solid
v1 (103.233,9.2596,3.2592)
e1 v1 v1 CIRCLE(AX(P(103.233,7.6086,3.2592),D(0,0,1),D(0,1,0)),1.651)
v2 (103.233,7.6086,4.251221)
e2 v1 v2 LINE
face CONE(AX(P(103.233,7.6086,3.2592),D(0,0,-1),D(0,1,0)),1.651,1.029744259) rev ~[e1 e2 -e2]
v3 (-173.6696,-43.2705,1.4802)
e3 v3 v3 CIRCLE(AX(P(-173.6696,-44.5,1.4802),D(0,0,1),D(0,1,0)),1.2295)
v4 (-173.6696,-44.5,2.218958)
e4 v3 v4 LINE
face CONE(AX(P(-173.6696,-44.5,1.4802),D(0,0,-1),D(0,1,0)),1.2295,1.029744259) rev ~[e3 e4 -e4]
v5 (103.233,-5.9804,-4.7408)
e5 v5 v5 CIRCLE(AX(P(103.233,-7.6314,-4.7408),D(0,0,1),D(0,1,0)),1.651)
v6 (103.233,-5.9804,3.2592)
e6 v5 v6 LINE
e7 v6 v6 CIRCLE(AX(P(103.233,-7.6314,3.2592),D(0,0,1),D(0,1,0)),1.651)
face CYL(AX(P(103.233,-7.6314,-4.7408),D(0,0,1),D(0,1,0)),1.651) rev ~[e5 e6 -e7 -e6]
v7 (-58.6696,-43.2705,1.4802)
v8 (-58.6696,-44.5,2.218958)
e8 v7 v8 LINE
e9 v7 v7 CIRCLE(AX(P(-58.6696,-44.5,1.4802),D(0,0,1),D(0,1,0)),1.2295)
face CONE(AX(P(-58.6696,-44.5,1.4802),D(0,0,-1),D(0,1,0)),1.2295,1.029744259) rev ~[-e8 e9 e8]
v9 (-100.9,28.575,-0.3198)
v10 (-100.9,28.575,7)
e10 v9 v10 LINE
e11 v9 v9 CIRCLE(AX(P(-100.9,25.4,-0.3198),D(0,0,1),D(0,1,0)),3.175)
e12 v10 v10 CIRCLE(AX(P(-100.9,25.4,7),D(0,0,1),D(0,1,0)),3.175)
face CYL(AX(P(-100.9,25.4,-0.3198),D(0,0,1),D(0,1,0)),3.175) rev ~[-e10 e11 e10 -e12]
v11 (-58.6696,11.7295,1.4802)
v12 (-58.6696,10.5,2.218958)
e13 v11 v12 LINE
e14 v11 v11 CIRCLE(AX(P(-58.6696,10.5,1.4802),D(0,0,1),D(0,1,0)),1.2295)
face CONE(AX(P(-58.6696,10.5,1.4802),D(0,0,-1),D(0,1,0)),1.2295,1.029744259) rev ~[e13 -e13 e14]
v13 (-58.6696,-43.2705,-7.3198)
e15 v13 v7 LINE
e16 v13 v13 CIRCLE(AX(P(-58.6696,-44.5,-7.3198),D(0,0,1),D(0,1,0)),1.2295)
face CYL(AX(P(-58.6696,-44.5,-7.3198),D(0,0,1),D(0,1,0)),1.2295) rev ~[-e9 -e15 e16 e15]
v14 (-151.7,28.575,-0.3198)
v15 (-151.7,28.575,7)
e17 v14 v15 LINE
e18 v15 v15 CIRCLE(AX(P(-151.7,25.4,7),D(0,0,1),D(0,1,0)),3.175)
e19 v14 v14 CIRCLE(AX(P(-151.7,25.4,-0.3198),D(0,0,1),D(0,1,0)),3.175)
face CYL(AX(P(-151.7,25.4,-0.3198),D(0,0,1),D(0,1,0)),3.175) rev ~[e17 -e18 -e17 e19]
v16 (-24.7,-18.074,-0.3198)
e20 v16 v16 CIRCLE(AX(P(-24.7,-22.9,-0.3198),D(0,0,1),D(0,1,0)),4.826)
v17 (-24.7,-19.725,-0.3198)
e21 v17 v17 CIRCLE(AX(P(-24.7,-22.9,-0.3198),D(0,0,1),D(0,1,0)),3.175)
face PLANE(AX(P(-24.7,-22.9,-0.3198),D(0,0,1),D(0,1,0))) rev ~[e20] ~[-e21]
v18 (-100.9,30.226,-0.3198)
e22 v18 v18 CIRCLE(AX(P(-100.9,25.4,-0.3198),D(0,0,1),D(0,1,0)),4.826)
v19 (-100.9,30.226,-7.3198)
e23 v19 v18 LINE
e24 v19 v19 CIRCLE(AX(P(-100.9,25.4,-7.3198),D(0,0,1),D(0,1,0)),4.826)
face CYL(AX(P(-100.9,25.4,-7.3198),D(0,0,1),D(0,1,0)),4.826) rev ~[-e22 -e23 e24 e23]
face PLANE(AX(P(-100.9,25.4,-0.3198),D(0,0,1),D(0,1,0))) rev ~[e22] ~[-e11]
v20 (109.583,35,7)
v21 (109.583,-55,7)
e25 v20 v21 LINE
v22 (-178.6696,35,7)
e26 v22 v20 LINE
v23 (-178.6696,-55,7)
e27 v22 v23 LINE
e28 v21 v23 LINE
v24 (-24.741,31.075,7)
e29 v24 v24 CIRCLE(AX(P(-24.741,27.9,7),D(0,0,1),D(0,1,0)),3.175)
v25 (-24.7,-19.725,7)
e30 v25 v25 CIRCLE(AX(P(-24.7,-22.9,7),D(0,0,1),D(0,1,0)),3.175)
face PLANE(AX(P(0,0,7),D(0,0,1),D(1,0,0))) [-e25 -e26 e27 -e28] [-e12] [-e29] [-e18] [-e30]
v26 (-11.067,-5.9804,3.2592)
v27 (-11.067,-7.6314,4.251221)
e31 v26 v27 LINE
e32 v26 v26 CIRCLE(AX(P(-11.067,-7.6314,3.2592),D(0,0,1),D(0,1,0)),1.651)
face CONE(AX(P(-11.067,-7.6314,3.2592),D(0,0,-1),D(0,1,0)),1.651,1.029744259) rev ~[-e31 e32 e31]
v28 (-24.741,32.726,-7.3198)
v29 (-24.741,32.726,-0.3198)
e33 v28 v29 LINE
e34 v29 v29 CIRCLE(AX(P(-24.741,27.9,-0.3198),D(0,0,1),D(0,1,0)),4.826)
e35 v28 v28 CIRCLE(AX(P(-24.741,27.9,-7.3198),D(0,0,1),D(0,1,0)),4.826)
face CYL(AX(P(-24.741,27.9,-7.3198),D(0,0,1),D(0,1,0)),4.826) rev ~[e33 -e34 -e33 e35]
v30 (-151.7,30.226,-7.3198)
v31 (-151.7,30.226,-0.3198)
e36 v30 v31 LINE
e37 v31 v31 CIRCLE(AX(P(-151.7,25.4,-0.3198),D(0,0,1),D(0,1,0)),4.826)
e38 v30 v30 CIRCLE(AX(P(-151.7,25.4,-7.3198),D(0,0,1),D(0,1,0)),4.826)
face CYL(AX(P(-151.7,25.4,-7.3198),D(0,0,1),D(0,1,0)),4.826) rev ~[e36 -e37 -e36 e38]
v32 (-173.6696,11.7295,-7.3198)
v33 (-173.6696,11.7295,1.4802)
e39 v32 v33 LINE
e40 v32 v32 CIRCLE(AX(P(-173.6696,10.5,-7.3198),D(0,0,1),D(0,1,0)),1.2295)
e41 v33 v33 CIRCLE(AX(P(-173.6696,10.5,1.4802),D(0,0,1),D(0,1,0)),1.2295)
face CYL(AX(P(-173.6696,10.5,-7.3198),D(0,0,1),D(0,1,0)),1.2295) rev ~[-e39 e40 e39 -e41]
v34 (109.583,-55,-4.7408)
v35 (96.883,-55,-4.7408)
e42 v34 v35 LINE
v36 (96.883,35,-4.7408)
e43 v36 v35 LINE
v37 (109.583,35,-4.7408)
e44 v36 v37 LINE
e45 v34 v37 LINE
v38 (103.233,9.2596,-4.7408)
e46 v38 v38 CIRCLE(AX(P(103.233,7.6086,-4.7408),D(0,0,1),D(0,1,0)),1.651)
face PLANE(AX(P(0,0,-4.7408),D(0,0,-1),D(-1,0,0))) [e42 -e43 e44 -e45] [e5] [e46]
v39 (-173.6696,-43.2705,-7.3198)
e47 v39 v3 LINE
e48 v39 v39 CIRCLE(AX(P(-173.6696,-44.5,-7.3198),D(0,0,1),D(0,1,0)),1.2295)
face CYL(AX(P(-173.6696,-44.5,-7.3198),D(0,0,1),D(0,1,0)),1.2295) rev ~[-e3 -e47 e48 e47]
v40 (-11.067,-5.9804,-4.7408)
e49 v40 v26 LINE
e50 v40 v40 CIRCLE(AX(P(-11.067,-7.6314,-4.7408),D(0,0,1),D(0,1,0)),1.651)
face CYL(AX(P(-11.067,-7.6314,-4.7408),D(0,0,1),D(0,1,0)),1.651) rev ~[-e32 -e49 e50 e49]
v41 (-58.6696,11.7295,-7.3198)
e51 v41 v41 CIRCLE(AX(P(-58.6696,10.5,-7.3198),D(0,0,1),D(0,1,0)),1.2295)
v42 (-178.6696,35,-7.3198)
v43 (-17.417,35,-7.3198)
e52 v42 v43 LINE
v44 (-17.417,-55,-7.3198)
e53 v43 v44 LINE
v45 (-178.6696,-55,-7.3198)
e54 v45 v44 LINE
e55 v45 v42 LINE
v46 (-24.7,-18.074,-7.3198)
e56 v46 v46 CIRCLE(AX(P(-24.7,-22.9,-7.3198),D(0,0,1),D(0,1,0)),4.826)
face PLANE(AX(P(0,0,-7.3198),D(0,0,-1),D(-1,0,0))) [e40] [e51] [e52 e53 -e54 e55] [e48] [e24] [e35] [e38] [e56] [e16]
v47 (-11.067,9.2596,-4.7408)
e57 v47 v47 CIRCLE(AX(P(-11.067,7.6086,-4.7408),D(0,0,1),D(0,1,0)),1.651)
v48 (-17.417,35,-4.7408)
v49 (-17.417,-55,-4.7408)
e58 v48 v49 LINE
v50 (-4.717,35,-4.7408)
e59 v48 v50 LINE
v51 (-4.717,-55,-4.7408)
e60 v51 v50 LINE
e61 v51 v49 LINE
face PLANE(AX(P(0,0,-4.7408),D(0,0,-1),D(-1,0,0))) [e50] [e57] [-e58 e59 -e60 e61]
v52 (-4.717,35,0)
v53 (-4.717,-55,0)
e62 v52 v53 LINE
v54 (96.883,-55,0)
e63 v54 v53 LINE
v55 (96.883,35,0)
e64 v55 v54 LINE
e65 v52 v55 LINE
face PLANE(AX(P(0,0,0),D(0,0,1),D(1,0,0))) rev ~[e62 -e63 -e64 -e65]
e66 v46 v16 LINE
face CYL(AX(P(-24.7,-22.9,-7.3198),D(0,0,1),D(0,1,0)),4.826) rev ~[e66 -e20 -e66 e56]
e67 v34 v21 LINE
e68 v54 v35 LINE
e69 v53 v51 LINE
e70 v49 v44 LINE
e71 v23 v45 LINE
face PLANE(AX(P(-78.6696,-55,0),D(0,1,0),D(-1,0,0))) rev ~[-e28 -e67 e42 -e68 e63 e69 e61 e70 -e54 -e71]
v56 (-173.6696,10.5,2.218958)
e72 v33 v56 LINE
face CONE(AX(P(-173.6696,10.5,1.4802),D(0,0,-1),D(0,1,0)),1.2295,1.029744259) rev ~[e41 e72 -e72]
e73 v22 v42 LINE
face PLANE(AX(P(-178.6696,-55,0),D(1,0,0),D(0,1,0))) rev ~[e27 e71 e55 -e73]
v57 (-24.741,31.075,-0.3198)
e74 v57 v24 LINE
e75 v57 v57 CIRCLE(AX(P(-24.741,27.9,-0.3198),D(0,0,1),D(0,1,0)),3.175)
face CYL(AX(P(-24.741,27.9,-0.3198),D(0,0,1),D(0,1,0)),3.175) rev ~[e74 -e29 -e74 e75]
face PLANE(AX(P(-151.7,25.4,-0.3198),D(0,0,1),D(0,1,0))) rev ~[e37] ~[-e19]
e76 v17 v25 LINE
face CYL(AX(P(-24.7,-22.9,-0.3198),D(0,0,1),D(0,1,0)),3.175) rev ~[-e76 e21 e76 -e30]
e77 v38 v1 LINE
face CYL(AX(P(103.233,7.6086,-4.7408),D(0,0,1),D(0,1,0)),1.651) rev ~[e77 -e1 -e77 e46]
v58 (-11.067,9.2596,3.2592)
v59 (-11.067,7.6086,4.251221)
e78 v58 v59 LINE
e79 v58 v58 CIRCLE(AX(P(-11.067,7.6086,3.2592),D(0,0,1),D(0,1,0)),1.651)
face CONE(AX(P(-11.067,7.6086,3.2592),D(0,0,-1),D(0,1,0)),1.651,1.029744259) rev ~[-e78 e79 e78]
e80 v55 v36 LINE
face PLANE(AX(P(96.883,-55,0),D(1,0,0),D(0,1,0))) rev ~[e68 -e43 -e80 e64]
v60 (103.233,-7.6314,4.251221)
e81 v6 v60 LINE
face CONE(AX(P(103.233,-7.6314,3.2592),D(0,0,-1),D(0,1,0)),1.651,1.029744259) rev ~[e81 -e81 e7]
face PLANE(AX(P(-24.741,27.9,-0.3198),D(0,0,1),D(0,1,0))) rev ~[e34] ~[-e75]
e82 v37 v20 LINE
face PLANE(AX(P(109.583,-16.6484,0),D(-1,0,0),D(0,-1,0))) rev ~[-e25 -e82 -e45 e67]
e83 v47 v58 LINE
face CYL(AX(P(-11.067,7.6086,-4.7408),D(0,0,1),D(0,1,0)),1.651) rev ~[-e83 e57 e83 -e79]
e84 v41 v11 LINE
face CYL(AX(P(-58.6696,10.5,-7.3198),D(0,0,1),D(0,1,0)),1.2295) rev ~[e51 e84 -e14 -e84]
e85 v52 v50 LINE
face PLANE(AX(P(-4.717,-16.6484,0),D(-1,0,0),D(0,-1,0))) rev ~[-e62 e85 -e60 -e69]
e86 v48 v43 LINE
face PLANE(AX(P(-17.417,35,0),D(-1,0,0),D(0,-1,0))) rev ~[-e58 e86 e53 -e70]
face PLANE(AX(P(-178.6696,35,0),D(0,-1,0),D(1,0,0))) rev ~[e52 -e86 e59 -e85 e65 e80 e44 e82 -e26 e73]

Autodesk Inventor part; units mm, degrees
ref_plane "YZ Plane" through (0, 0, 0) normal (1, 0, 0) x (0, 1, 0)
ref_plane "XZ Plane" through (0, 0, 0) normal (0, 1, 0) x (-1, 0, 0)
ref_plane "XY Plane" through (0, 0, 0) normal (0, 0, 1) x (1, 0, 0)
sketch "Sketch1" plane through (0, 0, 0) normal (0, 0, 1) x (1, 0, 0)
  line L0 (-192.5, 35) -> (192.5, 35)
  line L1 (192.5, 35) -> (192.5, -55)
  line L2 (192.5, -55) -> (-192.5, -55)
  line L3 (-192.5, -55) -> (-192.5, 35)
  point P0 (0, 0)
  dimension "d0" = 385
  dimension "d1" = 192.5
  dimension "d2" = 90
  dimension "d3" = 55
extrude "Extrusion1" add sketch "Sketch1" along normal blind 7
sketch "Sketch2" plane through (0, 0, 0) normal (0, 0, -1) x (-1, 0, 0)
  line L0 (192.5, 35) -> (-192.5, 35) projected
  line L1 (-192.5, 35) -> (-192.5, -55) projected
  line L2 (-192.5, -55) -> (192.5, -55) projected
  line L3 (17.417, 16.6256) -> (17.417, -16.6484) projected
  line L4 (-192.5, 16.6256) -> (-192.5, -16.6484) projected
  line L5 (17.417, 35) -> (17.417, -55)
  line L6 (4.717, 16.6256) -> (4.717, -16.6484) projected
  line L7 (-171.164, 18.034) -> (-179.8, 18.034) projected
  line L8 (-179.8, 16.6256) -> (-179.8, -16.6484) projected
  line L9 (-179.8, 35) -> (-179.8, -55)
  line L10 (4.717, 35) -> (4.717, -55)
  point P0 (0, 0)
extrude "Extrusion2" add sketch "Sketch2" along normal blind 4.7408 contours L5 L3 L2 L10 L6 L0 | L9 L8 L2 L1 L0
sketch "Sketch3" plane through (0, 0, 0) normal (0, 0, -1) x (-1, 0, 0)
  line L0 (17.417, 35) -> (17.417, -55) projected
  line L1 (17.417, -55) -> (192.5, -55) projected
  line L2 (63.2414, 16.4628) -> (60.0979, -19.4679) projected
  line L3 (17.417, 35) -> (67.417, 35)
  line L4 (67.417, 35) -> (67.417, -55)
  line L5 (67.417, -55) -> (17.417, -55)
  line L6 (17.417, -55) -> (17.417, 35)
  line L7 (76.6696, -19.4) -> (76.6696, 30.6) projected
  line L8 (17.417, 35) -> (76.6696, 35)
  line L9 (76.6696, -55) -> (17.417, -55)
  line L10 (17.417, -55) -> (17.417, 35)
  circle A0 centre (83.6696, -4.5) radius 1.5 projected
  circle A1 centre (83.6696, 10.5) radius 2 projected
  line L11 (87.4689, -18.5) -> (87.4689, -24.5) projected
  line L12 (88.6696, -24.5) -> (87.4689, -24.5) projected
  line L13 (88.6696, 15.5) -> (88.6696, -24.5) projected
  line L14 (78.6696, 15.5) -> (88.6696, 15.5) projected
  line L15 (78.6696, -15.5) -> (78.6696, 15.5) projected
  line L16 (78.6696, -15.5) -> (84.4689, -15.5) projected
  arc A2 (87.4689, -18.5) -> (84.4689, -15.5) centre (84.4689, -18.5) ccw projected
  line L17 (67.417, 35) -> (78.6696, 35)
  line L18 (78.6696, 35) -> (78.6696, -55)
  line L19 (78.6696, -55) -> (67.417, -55)
  line L20 (67.417, -55) -> (67.417, 35)
  point P0 (0, 0)
  dimension "d8" = 50
  dimension "d11" = 0
extrude "Extrusion3" add sketch "Sketch3" along normal blind 7.3198 contours L3 L4 L1 L0 | L8 L17 L18 L15 L1 L4
sketch "Sketch6" plane through (-192.5, -55, 7) normal (-1, 0, 0) x (0, 0, 1)
  line L0 (-23, 0) -> (-23, 65) projected
  circle A0 centre (-28, 23.1) radius 1.2295 projected
  circle A1 centre (-28, 53.1) radius 1.2295 projected
  point P0 (-7, 55)
hole "Hole1" at (-192.5, -31.9, -21) at (-192.5, -1.9, -21) direction (1, 0, 0) diameter 3 end through all counterbore diameter 5.75 counterbore depth 3
sketch "Sketch8" plane through (0, 0, 7) normal (0, 0, 1) x (1, 0, 0)
  circle A0 centre (-57.2416, -1.1152) radius 2.0828 projected
  circle A1 centre (-33.7068, 0.9439) radius 2.0828 projected
  point P0 (0, 0)
hole "Hole3" [suppressed]
sketch "Sketch9" plane through (0, 0, -4.7408) normal (0, 0, -1) x (-1, 0, 0)
  circle A0 centre (11.067, -7.6314) radius 2.1844 projected
  circle A1 centre (11.067, 7.6086) radius 2.1844 projected
  circle A2 centre (-186.15, -7.6314) radius 2.1844 projected
  circle A3 centre (-186.15, 7.6086) radius 2.1844 projected
  point P0 (0, 0)
hole "Hole4" at (-11.067, -7.6314, -4.7408) at (-11.067, 7.6086, -4.7408) at (186.15, -7.6314, -4.7408) at (186.15, 7.6086, -4.7408) direction (0, 0, 1) diameter 3.302 depth 8 tip angle 118 thread size "8-32 UNC" class "2B" standard "ANSI Unified Screw Threads"
sketch "Sketch10" plane through (0, 0, 0) normal (0, 0, -1) x (-1, 0, 0)
  line L0 (192.5, 35) -> (78.6696, 35) projected
  line L1 (178.6696, 15.5) -> (178.6696, -24.5) projected
  line L2 (178.6696, 35) -> (192.5, 35)
  line L3 (192.5, 35) -> (192.5, -55)
  line L4 (192.5, -55) -> (178.6696, -55)
  line L5 (178.6696, -55) -> (178.6696, 35)
  point P0 (0, 0)
extrude "Extrusion6" cut sketch "Sketch10" against normal blind 10
sketch "Sketch11" plane through (0, 0, 0) normal (0, 0, -1) x (-1, 0, 0)
  line L0 (178.6696, -55) -> (178.6696, 35) projected
  line L1 (178.6696, 35) -> (78.6696, 35) projected
  line L2 (78.6696, 35) -> (78.6696, -55) projected
  line L3 (78.6696, -55) -> (178.6696, -55) projected
  point P0 (0, 0)
extrude "Extrusion7" add sketch "Sketch11" along normal blind 7.3198
sketch "Sketch12" plane through (0, 0, -7.3198) normal (0, 0, -1) x (-1, 0, 0)
  circle A0 centre (173.6696, 10.5) radius 2 projected
  line L0 (78.6696, 15.5) -> (178.6696, 15.5) projected
  line L1 (178.6696, 15.5) -> (178.6696, -24.5) projected
  line L2 (178.6696, -24.5) -> (78.6696, -24.5) projected
  line L3 (78.6696, -24.5) -> (78.6696, 15.5) projected
  circle A1 centre (173.6696, -44.5) radius 2.0242
  circle A2 centre (58.6696, 10.5) radius 2.0032
  circle A3 centre (58.6696, -44.5) radius 2.0032
  point P0 (0, 0)
  dimension "d126" = 55
  dimension "d127" = 115
hole "Hole5" at (-173.6696, 10.5, -7.3198) direction (0, 0, 1) diameter 2.459 depth 8.8 tip angle 118 thread size "M3x0.5" class "6H" standard "ANSI Metric M Profile"
sketch "Sketch13" plane through (0, 0, -7.3198) normal (0, 0, -1) x (-1, 0, 0)
  line L0 (171.6696, -6) -> (175.6696, -6) projected
  arc A0 (175.6696, -6) -> (175.6696, -3) centre (175.6696, -4.5) ccw projected
  line L1 (175.6696, -3) -> (171.6696, -3) projected
  arc A1 (171.6696, -3) -> (171.6696, -6) centre (171.6696, -4.5) ccw projected
  circle A2 centre (83.6696, -4.5) radius 1.5 projected
  circle A3 centre (173.6696, 10.5) radius 2 projected
  circle A4 centre (173.6696, -19.5) radius 2 projected
  circle A5 centre (83.6696, 10.5) radius 2 projected
  circle A6 centre (83.6696, -19.5) radius 2 projected
  line L2 (78.6696, 15.5) -> (178.6696, 15.5) projected
  line L3 (178.6696, 15.5) -> (178.6696, -24.5) projected
  line L4 (178.6696, -24.5) -> (78.6696, -24.5) projected
  line L5 (78.6696, -24.5) -> (78.6696, 15.5) projected
  point P0 (0, 0)
  point P1 (173.6696, -4.5)
hole "Hole6" [suppressed]
sketch "Sketch14" plane through (0, 0, -7.3198) normal (0, 0, -1) x (-1, 0, 0)
  circle A0 centre (126.3, 25.4) radius 3.175 projected
  circle A1 centre (151.7, 25.4) radius 3.175 projected
  point P0 (0, 0)
  point P1 (100.9, 25.4)
  dimension "d63" = 50.8
hole "Hole7" at (-151.7, 25.4, -7.3198) at (-100.9, 25.4, -7.3198) direction (0, 0, 1) diameter 6.35 end through all counterbore diameter 9.652 counterbore depth 7
sketch "Sketch15" plane through (0, 0, -7.3198) normal (0, 0, -1) x (-1, 0, 0)
  line L0 (17.417, 35) -> (78.6696, 35) projected
  circle A0 centre (100.9, 25.4) radius 4.826 projected
  point P0 (0, 0)
  point P1 (24.741, 27.9)
  point P2 (24.7, -22.9)
  dimension "d71" = 7.1
  dimension "d72" = 76.2
  dimension "d73" = 76.2
  dimension "d74" = 50.8
hole "Hole8" at (-24.741, 27.9, -7.3198) at (-24.7, -22.9, -7.3198) direction (0, 0, 1) diameter 6.35 end through all counterbore diameter 9.652 counterbore depth 7
sketch "Sketch17" plane through (0, 0, 0) normal (0, 0, -1) x (-1, 0, 0)
  line L0 (-179.8, -55) -> (4.717, -55) projected
  line L1 (4.717, 35) -> (-179.8, 35) projected
  line L2 (-109.583, 16.6256) -> (-109.583, -16.6484) projected
  line L3 (-96.883, 16.6256) -> (-96.883, -16.6484) projected
  line L4 (-96.883, 35) -> (-109.583, 35)
  line L5 (-109.583, 35) -> (-109.583, -55)
  line L6 (-109.583, -55) -> (-96.883, -55)
  line L7 (-96.883, -55) -> (-96.883, 35)
  point P0 (0, 0)
extrude "Extrusion8" add sketch "Sketch17" along normal blind 4.7408
sketch "Sketch18" plane through (0, 0, -4.7408) normal (0, 0, -1) x (-1, 0, 0)
  circle A0 centre (-103.233, -7.6314) radius 2.1844 projected
  circle A1 centre (-103.233, 7.6086) radius 2.1844 projected
  point P0 (0, 0)
hole "Hole10" at (103.233, -7.6314, -4.7408) at (103.233, 7.6086, -4.7408) direction (0, 0, 1) diameter 3.302 depth 8 tip angle 118 thread size "8-32 UNC" class "2B" standard "ANSI Unified Screw Threads"
sketch "Sketch19" plane through (0, 0, -4.7408) normal (0, 0, -1) x (-1, 0, 0)
  line L0 (-192.5, -55) -> (-192.5, 35) projected
  line L1 (-179.8, -55) -> (-109.583, -55) projected
  line L2 (-109.583, 35) -> (-179.8, 35) projected
  line L3 (-109.583, 35) -> (-192.5, 35)
  line L4 (-192.5, 35) -> (-192.5, -55)
  line L5 (-192.5, -55) -> (-109.583, -55)
  line L6 (-109.583, -55) -> (-109.583, 35)
  point P0 (0, 0)
extrude "Extrusion9" cut sketch "Sketch19" against normal blind 25
sketch "Sketch20" plane through (0, 0, 0) normal (0, 0, -1) x (-1, 0, 0)
  circle A0 centre (24.7, -22.9) radius 4.826 projected
  circle A1 centre (24.741, 27.9) radius 4.826 projected
  point P0 (0, 0)
  point P1 (-76.9, -22.9)
  point P2 (-76.859, 27.9)
  dimension "d103" = 101.6
  dimension "d104" = 101.6
hole "Hole11" [suppressed]
hole "Hole12" [suppressed]
hole "Hole13" [suppressed]
hole "Hole14" at (-173.6696, -44.5, -7.3198) direction (0, 0, 1) diameter 2.459 depth 8.8 tip angle 118 thread size "M3x0.5" class "6H" standard "ANSI Metric M Profile"
hole "Hole15" at (-58.6696, 10.5, -7.3198) direction (0, 0, 1) diameter 2.459 depth 8.8 tip angle 118 thread size "M3x0.5" class "6H" standard "ANSI Metric M Profile"
hole "Hole16" at (-58.6696, -44.5, -7.3198) direction (0, 0, 1) diameter 2.459 depth 8.8 tip angle 118 thread size "M3x0.5" class "6H" standard "ANSI Metric M Profile"
properties part number "Oxxius laser subassy shortened baseplate"
